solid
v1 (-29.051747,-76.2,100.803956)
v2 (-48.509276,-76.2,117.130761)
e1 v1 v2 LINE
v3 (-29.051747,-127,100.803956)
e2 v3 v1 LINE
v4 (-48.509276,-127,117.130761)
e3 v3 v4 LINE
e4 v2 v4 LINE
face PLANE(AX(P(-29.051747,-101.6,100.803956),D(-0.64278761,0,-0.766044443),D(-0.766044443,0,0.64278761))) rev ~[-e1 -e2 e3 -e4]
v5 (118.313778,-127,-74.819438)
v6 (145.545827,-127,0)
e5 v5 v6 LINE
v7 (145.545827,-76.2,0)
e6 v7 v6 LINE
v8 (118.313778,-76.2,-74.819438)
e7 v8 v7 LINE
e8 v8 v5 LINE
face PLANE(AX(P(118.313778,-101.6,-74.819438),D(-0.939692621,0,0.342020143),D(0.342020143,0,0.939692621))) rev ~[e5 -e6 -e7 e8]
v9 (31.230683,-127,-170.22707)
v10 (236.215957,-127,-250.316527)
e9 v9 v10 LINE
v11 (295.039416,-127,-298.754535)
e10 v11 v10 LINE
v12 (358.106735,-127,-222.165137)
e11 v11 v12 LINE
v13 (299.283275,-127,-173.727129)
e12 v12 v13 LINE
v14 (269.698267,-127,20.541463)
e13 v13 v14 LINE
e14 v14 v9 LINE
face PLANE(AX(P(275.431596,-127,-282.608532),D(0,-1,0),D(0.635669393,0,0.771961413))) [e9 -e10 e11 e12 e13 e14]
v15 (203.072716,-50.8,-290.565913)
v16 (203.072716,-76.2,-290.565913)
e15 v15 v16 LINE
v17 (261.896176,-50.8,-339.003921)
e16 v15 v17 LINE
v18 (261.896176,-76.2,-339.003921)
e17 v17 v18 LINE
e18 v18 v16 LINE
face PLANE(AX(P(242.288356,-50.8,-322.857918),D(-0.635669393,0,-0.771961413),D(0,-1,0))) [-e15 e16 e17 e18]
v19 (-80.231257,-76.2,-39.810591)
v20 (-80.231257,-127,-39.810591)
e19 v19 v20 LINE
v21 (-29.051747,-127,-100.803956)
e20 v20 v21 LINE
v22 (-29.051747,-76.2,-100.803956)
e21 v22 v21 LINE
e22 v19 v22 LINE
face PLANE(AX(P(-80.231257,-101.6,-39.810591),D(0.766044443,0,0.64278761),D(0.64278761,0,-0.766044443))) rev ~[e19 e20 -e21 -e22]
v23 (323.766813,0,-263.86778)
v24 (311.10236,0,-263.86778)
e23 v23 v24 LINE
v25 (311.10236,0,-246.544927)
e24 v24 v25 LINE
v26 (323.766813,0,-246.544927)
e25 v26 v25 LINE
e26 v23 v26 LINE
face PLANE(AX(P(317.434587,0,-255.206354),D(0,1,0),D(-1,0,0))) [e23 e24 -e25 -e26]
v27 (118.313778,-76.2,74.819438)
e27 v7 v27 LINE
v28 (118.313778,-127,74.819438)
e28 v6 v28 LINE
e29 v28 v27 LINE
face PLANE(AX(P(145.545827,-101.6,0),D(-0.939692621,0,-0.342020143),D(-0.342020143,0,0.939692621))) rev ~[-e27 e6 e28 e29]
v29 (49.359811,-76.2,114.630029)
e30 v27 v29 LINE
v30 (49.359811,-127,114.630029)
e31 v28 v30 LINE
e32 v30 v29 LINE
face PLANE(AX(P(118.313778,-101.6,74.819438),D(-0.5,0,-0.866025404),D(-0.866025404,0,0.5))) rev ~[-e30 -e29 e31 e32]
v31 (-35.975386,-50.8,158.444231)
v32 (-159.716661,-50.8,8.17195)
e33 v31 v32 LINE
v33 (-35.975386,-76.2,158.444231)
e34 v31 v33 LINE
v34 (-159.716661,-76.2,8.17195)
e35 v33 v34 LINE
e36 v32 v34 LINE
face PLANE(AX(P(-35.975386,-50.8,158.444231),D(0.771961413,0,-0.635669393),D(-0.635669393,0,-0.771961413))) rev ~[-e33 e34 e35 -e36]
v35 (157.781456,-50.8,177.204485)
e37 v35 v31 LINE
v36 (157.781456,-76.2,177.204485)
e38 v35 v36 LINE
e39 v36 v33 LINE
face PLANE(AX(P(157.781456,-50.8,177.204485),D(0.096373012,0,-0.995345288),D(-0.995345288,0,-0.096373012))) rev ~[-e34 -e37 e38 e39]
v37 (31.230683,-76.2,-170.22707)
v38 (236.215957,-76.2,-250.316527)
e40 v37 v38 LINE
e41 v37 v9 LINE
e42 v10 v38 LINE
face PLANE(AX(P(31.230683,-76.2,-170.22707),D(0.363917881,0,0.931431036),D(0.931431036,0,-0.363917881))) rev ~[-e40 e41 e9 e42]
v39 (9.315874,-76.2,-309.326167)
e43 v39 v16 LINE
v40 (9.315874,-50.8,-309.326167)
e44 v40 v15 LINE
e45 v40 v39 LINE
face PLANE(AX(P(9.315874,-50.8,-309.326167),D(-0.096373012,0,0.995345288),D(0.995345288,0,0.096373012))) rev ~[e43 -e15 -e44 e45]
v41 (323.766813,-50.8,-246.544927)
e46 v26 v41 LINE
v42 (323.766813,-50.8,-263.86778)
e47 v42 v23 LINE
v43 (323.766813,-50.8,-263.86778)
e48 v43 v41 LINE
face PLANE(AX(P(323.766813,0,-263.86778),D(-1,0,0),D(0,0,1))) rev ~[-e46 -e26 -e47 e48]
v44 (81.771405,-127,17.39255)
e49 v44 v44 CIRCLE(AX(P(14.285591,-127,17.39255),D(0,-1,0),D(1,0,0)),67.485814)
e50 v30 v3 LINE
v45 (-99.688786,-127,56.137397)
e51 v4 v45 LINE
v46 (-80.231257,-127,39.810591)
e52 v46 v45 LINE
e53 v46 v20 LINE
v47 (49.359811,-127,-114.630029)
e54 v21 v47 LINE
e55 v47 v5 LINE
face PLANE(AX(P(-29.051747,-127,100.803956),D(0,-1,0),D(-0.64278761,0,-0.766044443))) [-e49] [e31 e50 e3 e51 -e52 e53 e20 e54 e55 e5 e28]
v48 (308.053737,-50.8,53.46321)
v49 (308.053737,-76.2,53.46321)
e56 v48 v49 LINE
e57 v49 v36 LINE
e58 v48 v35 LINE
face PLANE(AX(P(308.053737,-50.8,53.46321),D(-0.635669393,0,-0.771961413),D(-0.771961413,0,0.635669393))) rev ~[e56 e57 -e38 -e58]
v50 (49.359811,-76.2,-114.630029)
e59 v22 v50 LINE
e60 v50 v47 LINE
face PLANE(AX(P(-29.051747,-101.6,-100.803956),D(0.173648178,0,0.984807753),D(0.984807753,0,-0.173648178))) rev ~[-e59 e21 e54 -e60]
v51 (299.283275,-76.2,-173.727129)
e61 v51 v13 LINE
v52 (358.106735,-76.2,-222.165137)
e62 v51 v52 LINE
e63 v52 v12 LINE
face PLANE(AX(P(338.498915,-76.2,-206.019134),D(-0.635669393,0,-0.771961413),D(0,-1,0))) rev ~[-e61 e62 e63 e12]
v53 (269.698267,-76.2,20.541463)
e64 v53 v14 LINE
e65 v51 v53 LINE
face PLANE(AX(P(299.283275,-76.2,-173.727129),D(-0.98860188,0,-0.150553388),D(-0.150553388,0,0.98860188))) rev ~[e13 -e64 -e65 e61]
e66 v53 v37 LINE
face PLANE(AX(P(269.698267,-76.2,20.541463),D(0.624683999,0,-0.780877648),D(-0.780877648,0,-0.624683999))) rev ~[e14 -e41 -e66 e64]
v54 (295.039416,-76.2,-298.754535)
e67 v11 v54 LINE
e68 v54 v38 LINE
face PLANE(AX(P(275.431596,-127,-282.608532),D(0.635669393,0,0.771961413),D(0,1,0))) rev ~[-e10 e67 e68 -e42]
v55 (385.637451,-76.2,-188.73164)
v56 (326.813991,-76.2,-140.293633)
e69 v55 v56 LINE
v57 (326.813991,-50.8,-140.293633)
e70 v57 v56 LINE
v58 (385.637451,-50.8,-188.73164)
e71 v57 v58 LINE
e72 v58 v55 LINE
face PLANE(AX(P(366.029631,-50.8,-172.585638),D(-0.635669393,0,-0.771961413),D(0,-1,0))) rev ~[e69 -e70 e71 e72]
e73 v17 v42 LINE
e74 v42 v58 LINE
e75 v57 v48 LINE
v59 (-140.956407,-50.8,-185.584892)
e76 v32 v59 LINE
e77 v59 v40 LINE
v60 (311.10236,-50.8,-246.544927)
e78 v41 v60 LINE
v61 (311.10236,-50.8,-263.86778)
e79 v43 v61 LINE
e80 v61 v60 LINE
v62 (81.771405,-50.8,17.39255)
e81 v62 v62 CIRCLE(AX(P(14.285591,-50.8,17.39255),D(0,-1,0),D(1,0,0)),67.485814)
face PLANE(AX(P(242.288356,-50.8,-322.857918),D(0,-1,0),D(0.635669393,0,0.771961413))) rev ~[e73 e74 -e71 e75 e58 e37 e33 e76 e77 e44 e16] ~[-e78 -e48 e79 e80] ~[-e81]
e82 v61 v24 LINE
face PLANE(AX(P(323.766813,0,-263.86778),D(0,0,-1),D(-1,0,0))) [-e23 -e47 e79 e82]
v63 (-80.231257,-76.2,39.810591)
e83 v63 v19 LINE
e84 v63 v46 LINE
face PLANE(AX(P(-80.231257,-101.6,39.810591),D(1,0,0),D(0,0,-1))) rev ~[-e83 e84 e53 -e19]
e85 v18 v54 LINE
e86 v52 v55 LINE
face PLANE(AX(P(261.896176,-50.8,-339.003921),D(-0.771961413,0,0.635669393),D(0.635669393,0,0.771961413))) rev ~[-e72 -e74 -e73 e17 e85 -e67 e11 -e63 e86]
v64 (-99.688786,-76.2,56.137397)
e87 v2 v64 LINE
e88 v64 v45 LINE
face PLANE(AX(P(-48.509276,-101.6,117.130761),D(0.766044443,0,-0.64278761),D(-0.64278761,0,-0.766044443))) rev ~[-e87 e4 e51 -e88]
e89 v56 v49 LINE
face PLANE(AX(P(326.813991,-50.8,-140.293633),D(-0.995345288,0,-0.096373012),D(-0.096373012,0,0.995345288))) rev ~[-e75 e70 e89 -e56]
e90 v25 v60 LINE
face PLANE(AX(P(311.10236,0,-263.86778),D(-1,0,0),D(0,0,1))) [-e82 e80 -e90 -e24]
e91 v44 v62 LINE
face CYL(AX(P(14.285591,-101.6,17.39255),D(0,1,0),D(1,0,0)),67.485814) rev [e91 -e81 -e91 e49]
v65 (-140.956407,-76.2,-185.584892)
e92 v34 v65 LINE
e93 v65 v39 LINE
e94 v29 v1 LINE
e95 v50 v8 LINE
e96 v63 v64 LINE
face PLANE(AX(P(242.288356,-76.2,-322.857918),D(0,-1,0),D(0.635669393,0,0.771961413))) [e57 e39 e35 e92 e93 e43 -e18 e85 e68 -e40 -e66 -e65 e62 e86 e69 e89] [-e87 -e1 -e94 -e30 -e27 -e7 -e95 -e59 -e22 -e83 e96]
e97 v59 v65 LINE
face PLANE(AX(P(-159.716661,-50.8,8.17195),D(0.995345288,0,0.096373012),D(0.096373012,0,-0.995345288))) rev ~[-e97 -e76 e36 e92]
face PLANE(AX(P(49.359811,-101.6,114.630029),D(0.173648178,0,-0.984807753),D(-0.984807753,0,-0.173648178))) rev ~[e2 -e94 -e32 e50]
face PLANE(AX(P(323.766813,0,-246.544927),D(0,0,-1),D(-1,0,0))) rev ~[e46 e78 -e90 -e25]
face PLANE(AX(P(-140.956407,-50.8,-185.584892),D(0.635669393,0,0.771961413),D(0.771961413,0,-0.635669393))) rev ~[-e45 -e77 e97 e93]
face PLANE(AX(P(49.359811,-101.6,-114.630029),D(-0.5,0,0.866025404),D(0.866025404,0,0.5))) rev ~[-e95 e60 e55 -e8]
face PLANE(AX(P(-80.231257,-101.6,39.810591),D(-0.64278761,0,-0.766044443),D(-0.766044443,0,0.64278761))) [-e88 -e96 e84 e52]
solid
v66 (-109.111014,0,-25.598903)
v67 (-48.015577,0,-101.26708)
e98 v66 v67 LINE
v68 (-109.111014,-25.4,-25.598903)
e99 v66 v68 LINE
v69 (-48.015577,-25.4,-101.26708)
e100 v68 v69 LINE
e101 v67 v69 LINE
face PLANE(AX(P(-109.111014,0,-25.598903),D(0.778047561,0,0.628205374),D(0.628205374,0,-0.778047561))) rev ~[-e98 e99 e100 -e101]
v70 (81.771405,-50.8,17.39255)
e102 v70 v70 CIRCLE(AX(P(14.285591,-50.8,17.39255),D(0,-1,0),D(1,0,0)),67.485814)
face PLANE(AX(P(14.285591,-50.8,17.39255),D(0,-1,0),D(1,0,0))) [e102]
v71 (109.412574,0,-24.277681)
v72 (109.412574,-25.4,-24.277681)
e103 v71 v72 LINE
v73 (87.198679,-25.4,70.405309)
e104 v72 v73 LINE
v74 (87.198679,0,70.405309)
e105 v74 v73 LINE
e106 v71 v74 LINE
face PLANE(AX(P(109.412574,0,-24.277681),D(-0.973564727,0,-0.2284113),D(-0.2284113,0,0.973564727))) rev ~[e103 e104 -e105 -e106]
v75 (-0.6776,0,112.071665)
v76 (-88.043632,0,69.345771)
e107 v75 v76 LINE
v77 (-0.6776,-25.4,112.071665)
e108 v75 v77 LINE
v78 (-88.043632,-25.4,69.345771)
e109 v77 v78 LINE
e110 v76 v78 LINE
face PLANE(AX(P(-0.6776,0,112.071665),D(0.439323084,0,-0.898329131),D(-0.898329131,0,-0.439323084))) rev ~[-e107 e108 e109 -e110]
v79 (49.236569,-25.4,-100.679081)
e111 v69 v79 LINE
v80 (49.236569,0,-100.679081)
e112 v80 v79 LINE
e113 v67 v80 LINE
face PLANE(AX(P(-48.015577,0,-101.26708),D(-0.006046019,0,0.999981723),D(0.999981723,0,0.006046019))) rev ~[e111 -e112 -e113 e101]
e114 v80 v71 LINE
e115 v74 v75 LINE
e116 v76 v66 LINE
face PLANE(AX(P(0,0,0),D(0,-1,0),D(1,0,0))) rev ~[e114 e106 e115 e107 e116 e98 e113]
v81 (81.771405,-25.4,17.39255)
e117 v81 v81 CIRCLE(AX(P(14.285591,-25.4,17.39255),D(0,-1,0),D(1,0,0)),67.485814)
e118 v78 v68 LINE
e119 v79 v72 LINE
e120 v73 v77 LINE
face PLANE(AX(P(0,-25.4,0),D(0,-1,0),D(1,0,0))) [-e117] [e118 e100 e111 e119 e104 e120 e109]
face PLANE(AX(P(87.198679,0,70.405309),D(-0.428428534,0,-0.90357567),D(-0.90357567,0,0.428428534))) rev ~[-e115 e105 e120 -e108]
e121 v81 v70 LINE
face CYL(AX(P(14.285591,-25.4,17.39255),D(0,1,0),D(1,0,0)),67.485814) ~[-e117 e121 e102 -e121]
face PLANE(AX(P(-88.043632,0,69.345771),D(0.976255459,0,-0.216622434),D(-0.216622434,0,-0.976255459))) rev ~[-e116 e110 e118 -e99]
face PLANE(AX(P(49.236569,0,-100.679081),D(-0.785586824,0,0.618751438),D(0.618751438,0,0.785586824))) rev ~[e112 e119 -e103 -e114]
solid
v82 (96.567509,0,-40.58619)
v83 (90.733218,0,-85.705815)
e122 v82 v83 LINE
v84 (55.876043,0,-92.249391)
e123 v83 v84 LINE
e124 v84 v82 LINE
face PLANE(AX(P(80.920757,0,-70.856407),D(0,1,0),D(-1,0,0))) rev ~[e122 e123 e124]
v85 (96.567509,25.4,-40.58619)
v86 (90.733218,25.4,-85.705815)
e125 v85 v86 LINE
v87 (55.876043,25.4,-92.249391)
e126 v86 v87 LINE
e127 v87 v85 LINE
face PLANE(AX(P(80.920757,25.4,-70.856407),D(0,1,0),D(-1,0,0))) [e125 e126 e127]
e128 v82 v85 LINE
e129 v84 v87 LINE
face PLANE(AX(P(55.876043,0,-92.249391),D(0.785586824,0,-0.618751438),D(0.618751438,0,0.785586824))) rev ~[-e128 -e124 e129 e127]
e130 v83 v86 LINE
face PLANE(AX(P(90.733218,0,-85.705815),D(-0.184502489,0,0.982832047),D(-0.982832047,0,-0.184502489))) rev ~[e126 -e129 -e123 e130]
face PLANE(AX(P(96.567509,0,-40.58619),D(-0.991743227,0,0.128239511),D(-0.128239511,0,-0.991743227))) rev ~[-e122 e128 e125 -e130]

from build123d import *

# Parameters (mm, degrees)
F0_W      = 42.0805886388
F0_H      = 55.5550716817
F1_DEPTH  = 25.4
F2_R      = 67.4858140494
F3_DEPTH  = 25.4
F5_DEPTH  = 25.4
F6_R      = 67.4858140494
F7_DEPTH  = 25.4
F9_DEPTH  = 25.4
F10_R     = 67.4858140494
F11_DEPTH = 25.4
F12_DEPTH = 25.4
F13_DEPTH = 25.4
F14_DEPTH = 25.4
F15_DEPTH = 25.4
F16_DEPTH = 25.4
F17_W     = 12.6644528484
F17_H     = 17.322853056
F18_DEPTH = 25.4
F19_DEPTH = 25.4
F20_DEPTH = 25.4
F22_DEPTH = 25.4


with BuildPart() as f1:
    # F0 (on Front) → F1 (new body)
    with BuildSketch(Plane.XZ):
        with Locations((21.0402943194, 27.7775358409)):
            Rectangle(F0_W, F0_H)
    extrude(amount=F1_DEPTH)

    # F2 (on face) → F3 (join)
    with BuildSketch(Plane.XZ.offset(25.4)):
        with Locations((14.285591431, 17.3925496638)):
            Circle(F2_R)
    extrude(amount=F3_DEPTH)

    # F4 (on Front) → F5 (join)
    with BuildSketch(Plane.XZ):
        Polygon((-109.1110140085, -25.598902516), (-48.0155766011, -101.2670804933), (49.2365693262, -100.6790813872), (109.4125743078, -24.2776805175), (87.1986792259, 70.4053089563), (-0.677599842, 112.0716647794), (-88.0436324084, 69.3457711783), align=None)
    extrude(amount=F5_DEPTH)


with BuildPart() as f7:
    # F6 (on face) → F7 (new body)
    with BuildSketch(Plane.XZ.offset(50.8)):
        Polygon((157.7814564986, 177.2044847987), (-35.9753862901, 158.4442306974), (-159.7166608355, 8.1719503684), (-140.9564067342, -185.5848924203), (9.3158735947, -309.3261669657), (203.0727163835, -290.5659128645), (326.8139909289, -140.2936325355), (308.0537368276, 53.4632102532), align=None)
        with Locations((14.285591431, 17.3925496638)):
            Circle(F6_R, mode=Mode.SUBTRACT)
    extrude(amount=F7_DEPTH)

    # F8 (on face) → F9 (join)
    with BuildSketch(Plane.XZ.offset(76.2)):
        Polygon((31.2306833812, -170.2270698134), (236.2159565481, -250.3165272384), (299.2832751437, -173.7271287987), (269.6982669285, 20.541463453), align=None)
    extrude(amount=F9_DEPTH)

    # F10 (on face) → F11 (join)
    with BuildSketch(Plane.XZ.offset(76.2)):
        Polygon((-80.231256783, 39.8105914543), (-80.231256783, -39.8105914543), (-29.0517469407, -100.8039561761), (49.3598112917, -114.6300294918), (118.31377837, -74.8194380375), (145.5458267602, 0), (118.31377837, 74.8194380375), (49.3598112917, 114.6300294918), (-29.0517469407, 100.8039561761), align=None)
        with Locations((14.285591431, 17.3925496638)):
            Circle(F10_R, mode=Mode.SUBTRACT)
    extrude(amount=F11_DEPTH)

    # F12 (add): a face of the model
    f12_faces = [f7.faces().sort_by_distance(p)[0] for p in [
        (-54.6415018619, -88.9, 70.3072738152),
    ]]
    extrude(f12_faces, amount=F12_DEPTH)

    # F13 (add): faces of the model
    f13_faces = [f7.faces().sort_by_distance(p)[0] for p in [
        (-76.8570445884, -101.6, 0),
        (196.8860649719, -101.6, -133.5669586083),
    ]]
    extrude(f13_faces, amount=F13_DEPTH)

    # F14 (add): a face of the model
    f14_faces = [f7.faces().sort_by_distance(p)[0] for p in [
        (266.359924228, -82.7324648006, -213.7094793633),
    ]]
    extrude(f14_faces, amount=F14_DEPTH)

    # F15 (add): a face of the model
    f15_faces = [f7.faces().sort_by_distance(p)[0] for p in [
        (285.967744121, -82.7324648006, -229.8554819349),
    ]]
    extrude(f15_faces, amount=F15_DEPTH)

    # F16 (add): a face of the model
    f16_faces = [f7.faces().sort_by_distance(p)[0] for p in [
        (305.5755640141, -82.7324648006, -246.0014845064),
    ]]
    extrude(f16_faces, amount=F16_DEPTH)

    # F17 (on face) → F18 (join)
    with BuildSketch(Plane(origin=(0, -50.8, 0), x_dir=(-1, 0, 0), z_dir=(0, 1, 0))):
        with Locations((-317.4345869112, -255.2063538866)):
            Rectangle(F17_W, F17_H)
    extrude(amount=F18_DEPTH)

    # F19 (add): a face of the model
    f19_faces = [f7.faces().sort_by_distance(p)[0] for p in [
        (317.4345869112, -25.4, -255.2063538866),
    ]]
    extrude(f19_faces, amount=F19_DEPTH)

    # F20 (add): a face of the model
    f20_faces = [f7.faces().sort_by_distance(p)[0] for p in [
        (317.4345869112, 0, -255.2063538866),
    ]]
    extrude(f20_faces, amount=-F20_DEPTH)


with BuildPart() as f22:
    # F21 (on face) → F22 (new body)
    with BuildSketch(Plane(origin=(0, 0, 0), x_dir=(-1, 0, 0), z_dir=(0, 1, 0))):
        Polygon((-55.8760432432, -92.2493907081), (-96.5675093433, -40.586190161), (-90.7332182541, -85.7058153757), align=None)
    extrude(amount=F22_DEPTH)


solid = Compound([f1.part, f7.part, f22.part])
